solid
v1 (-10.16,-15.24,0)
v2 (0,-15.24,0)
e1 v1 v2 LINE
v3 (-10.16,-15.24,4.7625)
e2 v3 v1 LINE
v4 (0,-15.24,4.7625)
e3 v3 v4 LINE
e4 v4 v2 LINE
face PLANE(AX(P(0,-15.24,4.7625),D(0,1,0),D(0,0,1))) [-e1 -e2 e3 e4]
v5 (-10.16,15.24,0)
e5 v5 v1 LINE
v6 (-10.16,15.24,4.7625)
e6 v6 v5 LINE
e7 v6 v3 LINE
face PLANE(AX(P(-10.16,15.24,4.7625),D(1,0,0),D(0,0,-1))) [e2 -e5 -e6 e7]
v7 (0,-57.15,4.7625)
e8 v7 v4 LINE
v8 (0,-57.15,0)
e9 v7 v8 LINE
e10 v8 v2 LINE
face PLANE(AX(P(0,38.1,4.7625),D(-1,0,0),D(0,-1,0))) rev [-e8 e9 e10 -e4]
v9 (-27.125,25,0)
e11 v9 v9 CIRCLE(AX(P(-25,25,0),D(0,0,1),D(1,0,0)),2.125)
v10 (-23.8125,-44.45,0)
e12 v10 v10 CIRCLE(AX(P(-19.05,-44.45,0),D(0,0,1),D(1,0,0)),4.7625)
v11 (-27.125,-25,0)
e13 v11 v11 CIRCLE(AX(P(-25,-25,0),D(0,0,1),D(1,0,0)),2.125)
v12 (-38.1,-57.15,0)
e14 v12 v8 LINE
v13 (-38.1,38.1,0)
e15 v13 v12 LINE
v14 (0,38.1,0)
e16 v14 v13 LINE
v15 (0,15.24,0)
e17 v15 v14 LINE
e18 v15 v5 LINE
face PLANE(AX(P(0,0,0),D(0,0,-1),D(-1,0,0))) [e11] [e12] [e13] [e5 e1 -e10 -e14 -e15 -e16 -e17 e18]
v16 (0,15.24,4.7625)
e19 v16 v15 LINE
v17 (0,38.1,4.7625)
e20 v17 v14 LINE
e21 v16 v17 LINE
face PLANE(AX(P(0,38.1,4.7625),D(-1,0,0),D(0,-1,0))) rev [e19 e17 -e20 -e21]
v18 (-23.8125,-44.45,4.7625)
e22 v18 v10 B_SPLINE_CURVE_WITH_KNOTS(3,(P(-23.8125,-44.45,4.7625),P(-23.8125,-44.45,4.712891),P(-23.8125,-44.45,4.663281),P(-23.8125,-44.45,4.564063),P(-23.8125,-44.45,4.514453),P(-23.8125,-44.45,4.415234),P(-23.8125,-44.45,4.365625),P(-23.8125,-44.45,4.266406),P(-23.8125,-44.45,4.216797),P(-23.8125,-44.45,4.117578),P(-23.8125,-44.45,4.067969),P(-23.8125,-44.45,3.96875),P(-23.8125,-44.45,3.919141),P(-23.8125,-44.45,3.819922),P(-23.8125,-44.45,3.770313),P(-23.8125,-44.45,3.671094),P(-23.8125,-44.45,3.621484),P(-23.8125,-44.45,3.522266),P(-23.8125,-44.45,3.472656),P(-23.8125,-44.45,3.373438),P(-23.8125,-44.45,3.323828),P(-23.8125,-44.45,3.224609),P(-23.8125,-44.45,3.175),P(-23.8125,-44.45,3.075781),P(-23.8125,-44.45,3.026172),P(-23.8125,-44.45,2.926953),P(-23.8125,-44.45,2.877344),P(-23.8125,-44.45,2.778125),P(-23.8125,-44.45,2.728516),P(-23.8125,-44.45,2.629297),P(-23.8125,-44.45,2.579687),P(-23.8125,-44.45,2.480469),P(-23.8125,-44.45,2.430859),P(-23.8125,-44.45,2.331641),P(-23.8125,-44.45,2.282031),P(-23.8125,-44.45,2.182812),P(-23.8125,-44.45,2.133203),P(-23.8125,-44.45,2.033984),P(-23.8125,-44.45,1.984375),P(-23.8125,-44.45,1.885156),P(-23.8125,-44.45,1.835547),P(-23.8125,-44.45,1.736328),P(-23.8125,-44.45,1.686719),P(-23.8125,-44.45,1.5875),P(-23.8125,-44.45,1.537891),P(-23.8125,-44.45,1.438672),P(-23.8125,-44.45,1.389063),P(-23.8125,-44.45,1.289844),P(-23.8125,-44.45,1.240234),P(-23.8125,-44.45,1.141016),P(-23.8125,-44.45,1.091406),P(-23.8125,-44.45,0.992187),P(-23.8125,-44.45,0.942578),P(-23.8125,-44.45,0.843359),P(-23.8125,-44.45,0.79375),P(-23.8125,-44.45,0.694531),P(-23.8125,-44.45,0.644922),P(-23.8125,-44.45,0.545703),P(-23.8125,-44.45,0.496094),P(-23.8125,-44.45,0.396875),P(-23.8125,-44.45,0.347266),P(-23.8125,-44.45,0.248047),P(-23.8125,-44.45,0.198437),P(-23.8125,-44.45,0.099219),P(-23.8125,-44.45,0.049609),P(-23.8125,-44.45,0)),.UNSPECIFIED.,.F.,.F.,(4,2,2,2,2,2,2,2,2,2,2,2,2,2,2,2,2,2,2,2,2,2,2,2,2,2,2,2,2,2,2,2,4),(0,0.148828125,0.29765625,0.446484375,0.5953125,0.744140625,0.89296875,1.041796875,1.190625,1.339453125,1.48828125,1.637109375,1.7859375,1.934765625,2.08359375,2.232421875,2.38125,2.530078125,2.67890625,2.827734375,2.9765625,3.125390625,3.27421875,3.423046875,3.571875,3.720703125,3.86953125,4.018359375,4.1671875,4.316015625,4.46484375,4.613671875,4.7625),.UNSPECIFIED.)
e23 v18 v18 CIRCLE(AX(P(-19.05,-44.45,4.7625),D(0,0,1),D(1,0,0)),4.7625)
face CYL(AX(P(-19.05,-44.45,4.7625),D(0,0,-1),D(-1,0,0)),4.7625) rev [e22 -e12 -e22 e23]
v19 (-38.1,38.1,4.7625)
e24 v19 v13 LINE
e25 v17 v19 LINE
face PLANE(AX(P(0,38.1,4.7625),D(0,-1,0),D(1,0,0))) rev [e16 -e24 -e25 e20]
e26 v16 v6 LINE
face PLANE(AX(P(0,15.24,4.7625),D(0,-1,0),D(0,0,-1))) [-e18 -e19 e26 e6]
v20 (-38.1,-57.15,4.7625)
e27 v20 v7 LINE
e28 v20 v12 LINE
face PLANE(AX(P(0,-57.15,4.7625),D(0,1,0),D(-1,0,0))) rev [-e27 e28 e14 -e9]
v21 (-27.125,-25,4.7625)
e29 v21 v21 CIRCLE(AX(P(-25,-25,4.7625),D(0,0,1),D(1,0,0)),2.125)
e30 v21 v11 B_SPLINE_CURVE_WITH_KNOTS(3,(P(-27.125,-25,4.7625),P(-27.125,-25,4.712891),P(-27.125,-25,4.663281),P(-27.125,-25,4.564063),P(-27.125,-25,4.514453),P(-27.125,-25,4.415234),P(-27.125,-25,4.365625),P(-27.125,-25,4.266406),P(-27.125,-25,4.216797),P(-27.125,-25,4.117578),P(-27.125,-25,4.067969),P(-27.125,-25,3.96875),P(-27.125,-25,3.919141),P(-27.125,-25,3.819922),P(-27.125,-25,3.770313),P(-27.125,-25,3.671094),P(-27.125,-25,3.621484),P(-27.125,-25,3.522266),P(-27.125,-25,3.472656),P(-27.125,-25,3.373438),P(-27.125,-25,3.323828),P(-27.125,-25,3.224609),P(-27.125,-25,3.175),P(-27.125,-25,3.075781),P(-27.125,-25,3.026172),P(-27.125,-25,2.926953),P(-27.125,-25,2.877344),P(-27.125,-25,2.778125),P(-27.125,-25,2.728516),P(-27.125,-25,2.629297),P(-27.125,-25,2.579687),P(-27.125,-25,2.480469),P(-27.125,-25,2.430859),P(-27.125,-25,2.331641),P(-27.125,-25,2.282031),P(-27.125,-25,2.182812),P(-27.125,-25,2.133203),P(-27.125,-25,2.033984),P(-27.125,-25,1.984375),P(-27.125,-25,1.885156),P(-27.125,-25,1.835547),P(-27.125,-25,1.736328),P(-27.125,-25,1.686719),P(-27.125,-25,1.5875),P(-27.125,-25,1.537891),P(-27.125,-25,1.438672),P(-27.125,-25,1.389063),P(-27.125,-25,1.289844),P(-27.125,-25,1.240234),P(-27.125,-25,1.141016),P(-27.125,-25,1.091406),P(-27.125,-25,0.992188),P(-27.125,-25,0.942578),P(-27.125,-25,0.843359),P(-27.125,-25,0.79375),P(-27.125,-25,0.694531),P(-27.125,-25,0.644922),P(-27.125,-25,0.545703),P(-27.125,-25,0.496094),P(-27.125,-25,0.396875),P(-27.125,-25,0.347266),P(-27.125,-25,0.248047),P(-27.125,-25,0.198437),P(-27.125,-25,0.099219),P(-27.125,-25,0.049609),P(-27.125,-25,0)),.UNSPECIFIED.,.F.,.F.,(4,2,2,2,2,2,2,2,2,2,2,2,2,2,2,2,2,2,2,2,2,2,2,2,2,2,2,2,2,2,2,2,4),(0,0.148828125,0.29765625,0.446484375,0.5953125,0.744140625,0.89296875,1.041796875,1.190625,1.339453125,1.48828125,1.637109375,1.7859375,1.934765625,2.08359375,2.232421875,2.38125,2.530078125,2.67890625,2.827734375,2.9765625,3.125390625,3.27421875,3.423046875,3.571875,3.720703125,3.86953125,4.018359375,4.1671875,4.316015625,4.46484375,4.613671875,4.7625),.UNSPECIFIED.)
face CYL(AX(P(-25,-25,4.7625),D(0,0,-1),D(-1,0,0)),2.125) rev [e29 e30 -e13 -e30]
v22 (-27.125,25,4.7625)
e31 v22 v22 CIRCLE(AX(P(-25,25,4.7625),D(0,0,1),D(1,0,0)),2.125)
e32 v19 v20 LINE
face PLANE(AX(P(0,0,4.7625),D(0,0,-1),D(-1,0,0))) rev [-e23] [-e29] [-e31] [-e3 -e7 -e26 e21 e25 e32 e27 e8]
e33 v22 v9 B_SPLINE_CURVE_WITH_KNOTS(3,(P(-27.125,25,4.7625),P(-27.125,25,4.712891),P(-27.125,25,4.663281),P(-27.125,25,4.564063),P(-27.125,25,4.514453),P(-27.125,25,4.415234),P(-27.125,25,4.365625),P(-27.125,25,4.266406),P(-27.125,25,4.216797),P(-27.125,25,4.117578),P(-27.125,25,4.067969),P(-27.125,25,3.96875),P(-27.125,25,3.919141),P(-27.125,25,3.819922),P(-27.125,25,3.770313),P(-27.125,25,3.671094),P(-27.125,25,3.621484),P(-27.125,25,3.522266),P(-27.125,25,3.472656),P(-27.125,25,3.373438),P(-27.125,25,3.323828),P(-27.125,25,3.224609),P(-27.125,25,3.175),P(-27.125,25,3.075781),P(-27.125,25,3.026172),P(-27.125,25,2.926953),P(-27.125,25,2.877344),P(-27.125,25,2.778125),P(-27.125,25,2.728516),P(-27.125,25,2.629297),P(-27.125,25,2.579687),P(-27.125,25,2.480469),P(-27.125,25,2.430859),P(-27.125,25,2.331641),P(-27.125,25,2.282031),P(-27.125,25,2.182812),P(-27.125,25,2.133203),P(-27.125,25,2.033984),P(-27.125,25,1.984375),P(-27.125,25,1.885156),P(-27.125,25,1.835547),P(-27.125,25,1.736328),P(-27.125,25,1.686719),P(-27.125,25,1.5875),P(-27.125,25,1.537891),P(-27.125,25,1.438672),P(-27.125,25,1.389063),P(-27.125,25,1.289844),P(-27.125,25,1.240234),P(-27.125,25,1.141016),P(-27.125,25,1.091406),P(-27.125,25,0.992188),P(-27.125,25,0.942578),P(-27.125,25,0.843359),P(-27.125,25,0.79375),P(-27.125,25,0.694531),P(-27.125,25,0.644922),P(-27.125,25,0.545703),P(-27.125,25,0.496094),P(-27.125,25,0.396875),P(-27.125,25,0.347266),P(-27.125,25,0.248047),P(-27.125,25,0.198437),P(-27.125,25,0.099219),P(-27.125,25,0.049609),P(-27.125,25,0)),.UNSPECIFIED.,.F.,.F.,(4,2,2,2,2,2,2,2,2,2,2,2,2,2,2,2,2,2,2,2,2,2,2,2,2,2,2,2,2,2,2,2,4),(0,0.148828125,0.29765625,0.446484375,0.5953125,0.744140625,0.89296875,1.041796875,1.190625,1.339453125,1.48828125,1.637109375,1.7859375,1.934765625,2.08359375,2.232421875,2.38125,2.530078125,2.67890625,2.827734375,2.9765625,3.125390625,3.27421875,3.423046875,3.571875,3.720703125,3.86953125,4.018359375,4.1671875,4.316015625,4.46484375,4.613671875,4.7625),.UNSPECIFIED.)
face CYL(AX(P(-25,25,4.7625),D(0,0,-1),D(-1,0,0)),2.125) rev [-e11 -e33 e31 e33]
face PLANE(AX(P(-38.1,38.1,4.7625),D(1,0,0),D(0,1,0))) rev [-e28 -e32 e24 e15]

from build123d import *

# Parameters (mm, degrees)
SKETCH2_W           = 38.1
SKETCH2_H           = 95.25
BOSS_EXTRUDE1_DEPTH = 4.7625
SKETCH3_R           = 2.125
SKETCH3_R_2         = 4.7625
SKETCH3_W           = 10.16
SKETCH3_H           = 30.48
CUT_EXTRUDE3_DEPTH  = 69.850663804


with BuildPart() as part:
    # Sketch2 → Boss-Extrude1 (new body)
    with BuildSketch(Plane.XY):
        with Locations((-19.05, -9.525)):
            Rectangle(SKETCH2_W, SKETCH2_H)
    extrude(amount=BOSS_EXTRUDE1_DEPTH)

    # Sketch3 → Cut-Extrude3 (cut, through all)
    with BuildSketch(Plane.XY):
        with Locations(Location((-25, 25, 0), (0, 0, 180))):
            Circle(SKETCH3_R)
        with Locations((25, 25)):
            Circle(SKETCH3_R)
        with Locations((25, -25)):
            Circle(SKETCH3_R)
        with Locations(Location((-25, -25, 0), (0, 0, 180))):
            Circle(SKETCH3_R)
        with Locations(Location((-19.05, -44.45, 0), (0, 0, 180))):
            Circle(SKETCH3_R_2)
        with Locations((-5.08, 0)):
            Rectangle(SKETCH3_W, SKETCH3_H)
    extrude(amount=CUT_EXTRUDE3_DEPTH, mode=Mode.SUBTRACT)


solid = part.part
